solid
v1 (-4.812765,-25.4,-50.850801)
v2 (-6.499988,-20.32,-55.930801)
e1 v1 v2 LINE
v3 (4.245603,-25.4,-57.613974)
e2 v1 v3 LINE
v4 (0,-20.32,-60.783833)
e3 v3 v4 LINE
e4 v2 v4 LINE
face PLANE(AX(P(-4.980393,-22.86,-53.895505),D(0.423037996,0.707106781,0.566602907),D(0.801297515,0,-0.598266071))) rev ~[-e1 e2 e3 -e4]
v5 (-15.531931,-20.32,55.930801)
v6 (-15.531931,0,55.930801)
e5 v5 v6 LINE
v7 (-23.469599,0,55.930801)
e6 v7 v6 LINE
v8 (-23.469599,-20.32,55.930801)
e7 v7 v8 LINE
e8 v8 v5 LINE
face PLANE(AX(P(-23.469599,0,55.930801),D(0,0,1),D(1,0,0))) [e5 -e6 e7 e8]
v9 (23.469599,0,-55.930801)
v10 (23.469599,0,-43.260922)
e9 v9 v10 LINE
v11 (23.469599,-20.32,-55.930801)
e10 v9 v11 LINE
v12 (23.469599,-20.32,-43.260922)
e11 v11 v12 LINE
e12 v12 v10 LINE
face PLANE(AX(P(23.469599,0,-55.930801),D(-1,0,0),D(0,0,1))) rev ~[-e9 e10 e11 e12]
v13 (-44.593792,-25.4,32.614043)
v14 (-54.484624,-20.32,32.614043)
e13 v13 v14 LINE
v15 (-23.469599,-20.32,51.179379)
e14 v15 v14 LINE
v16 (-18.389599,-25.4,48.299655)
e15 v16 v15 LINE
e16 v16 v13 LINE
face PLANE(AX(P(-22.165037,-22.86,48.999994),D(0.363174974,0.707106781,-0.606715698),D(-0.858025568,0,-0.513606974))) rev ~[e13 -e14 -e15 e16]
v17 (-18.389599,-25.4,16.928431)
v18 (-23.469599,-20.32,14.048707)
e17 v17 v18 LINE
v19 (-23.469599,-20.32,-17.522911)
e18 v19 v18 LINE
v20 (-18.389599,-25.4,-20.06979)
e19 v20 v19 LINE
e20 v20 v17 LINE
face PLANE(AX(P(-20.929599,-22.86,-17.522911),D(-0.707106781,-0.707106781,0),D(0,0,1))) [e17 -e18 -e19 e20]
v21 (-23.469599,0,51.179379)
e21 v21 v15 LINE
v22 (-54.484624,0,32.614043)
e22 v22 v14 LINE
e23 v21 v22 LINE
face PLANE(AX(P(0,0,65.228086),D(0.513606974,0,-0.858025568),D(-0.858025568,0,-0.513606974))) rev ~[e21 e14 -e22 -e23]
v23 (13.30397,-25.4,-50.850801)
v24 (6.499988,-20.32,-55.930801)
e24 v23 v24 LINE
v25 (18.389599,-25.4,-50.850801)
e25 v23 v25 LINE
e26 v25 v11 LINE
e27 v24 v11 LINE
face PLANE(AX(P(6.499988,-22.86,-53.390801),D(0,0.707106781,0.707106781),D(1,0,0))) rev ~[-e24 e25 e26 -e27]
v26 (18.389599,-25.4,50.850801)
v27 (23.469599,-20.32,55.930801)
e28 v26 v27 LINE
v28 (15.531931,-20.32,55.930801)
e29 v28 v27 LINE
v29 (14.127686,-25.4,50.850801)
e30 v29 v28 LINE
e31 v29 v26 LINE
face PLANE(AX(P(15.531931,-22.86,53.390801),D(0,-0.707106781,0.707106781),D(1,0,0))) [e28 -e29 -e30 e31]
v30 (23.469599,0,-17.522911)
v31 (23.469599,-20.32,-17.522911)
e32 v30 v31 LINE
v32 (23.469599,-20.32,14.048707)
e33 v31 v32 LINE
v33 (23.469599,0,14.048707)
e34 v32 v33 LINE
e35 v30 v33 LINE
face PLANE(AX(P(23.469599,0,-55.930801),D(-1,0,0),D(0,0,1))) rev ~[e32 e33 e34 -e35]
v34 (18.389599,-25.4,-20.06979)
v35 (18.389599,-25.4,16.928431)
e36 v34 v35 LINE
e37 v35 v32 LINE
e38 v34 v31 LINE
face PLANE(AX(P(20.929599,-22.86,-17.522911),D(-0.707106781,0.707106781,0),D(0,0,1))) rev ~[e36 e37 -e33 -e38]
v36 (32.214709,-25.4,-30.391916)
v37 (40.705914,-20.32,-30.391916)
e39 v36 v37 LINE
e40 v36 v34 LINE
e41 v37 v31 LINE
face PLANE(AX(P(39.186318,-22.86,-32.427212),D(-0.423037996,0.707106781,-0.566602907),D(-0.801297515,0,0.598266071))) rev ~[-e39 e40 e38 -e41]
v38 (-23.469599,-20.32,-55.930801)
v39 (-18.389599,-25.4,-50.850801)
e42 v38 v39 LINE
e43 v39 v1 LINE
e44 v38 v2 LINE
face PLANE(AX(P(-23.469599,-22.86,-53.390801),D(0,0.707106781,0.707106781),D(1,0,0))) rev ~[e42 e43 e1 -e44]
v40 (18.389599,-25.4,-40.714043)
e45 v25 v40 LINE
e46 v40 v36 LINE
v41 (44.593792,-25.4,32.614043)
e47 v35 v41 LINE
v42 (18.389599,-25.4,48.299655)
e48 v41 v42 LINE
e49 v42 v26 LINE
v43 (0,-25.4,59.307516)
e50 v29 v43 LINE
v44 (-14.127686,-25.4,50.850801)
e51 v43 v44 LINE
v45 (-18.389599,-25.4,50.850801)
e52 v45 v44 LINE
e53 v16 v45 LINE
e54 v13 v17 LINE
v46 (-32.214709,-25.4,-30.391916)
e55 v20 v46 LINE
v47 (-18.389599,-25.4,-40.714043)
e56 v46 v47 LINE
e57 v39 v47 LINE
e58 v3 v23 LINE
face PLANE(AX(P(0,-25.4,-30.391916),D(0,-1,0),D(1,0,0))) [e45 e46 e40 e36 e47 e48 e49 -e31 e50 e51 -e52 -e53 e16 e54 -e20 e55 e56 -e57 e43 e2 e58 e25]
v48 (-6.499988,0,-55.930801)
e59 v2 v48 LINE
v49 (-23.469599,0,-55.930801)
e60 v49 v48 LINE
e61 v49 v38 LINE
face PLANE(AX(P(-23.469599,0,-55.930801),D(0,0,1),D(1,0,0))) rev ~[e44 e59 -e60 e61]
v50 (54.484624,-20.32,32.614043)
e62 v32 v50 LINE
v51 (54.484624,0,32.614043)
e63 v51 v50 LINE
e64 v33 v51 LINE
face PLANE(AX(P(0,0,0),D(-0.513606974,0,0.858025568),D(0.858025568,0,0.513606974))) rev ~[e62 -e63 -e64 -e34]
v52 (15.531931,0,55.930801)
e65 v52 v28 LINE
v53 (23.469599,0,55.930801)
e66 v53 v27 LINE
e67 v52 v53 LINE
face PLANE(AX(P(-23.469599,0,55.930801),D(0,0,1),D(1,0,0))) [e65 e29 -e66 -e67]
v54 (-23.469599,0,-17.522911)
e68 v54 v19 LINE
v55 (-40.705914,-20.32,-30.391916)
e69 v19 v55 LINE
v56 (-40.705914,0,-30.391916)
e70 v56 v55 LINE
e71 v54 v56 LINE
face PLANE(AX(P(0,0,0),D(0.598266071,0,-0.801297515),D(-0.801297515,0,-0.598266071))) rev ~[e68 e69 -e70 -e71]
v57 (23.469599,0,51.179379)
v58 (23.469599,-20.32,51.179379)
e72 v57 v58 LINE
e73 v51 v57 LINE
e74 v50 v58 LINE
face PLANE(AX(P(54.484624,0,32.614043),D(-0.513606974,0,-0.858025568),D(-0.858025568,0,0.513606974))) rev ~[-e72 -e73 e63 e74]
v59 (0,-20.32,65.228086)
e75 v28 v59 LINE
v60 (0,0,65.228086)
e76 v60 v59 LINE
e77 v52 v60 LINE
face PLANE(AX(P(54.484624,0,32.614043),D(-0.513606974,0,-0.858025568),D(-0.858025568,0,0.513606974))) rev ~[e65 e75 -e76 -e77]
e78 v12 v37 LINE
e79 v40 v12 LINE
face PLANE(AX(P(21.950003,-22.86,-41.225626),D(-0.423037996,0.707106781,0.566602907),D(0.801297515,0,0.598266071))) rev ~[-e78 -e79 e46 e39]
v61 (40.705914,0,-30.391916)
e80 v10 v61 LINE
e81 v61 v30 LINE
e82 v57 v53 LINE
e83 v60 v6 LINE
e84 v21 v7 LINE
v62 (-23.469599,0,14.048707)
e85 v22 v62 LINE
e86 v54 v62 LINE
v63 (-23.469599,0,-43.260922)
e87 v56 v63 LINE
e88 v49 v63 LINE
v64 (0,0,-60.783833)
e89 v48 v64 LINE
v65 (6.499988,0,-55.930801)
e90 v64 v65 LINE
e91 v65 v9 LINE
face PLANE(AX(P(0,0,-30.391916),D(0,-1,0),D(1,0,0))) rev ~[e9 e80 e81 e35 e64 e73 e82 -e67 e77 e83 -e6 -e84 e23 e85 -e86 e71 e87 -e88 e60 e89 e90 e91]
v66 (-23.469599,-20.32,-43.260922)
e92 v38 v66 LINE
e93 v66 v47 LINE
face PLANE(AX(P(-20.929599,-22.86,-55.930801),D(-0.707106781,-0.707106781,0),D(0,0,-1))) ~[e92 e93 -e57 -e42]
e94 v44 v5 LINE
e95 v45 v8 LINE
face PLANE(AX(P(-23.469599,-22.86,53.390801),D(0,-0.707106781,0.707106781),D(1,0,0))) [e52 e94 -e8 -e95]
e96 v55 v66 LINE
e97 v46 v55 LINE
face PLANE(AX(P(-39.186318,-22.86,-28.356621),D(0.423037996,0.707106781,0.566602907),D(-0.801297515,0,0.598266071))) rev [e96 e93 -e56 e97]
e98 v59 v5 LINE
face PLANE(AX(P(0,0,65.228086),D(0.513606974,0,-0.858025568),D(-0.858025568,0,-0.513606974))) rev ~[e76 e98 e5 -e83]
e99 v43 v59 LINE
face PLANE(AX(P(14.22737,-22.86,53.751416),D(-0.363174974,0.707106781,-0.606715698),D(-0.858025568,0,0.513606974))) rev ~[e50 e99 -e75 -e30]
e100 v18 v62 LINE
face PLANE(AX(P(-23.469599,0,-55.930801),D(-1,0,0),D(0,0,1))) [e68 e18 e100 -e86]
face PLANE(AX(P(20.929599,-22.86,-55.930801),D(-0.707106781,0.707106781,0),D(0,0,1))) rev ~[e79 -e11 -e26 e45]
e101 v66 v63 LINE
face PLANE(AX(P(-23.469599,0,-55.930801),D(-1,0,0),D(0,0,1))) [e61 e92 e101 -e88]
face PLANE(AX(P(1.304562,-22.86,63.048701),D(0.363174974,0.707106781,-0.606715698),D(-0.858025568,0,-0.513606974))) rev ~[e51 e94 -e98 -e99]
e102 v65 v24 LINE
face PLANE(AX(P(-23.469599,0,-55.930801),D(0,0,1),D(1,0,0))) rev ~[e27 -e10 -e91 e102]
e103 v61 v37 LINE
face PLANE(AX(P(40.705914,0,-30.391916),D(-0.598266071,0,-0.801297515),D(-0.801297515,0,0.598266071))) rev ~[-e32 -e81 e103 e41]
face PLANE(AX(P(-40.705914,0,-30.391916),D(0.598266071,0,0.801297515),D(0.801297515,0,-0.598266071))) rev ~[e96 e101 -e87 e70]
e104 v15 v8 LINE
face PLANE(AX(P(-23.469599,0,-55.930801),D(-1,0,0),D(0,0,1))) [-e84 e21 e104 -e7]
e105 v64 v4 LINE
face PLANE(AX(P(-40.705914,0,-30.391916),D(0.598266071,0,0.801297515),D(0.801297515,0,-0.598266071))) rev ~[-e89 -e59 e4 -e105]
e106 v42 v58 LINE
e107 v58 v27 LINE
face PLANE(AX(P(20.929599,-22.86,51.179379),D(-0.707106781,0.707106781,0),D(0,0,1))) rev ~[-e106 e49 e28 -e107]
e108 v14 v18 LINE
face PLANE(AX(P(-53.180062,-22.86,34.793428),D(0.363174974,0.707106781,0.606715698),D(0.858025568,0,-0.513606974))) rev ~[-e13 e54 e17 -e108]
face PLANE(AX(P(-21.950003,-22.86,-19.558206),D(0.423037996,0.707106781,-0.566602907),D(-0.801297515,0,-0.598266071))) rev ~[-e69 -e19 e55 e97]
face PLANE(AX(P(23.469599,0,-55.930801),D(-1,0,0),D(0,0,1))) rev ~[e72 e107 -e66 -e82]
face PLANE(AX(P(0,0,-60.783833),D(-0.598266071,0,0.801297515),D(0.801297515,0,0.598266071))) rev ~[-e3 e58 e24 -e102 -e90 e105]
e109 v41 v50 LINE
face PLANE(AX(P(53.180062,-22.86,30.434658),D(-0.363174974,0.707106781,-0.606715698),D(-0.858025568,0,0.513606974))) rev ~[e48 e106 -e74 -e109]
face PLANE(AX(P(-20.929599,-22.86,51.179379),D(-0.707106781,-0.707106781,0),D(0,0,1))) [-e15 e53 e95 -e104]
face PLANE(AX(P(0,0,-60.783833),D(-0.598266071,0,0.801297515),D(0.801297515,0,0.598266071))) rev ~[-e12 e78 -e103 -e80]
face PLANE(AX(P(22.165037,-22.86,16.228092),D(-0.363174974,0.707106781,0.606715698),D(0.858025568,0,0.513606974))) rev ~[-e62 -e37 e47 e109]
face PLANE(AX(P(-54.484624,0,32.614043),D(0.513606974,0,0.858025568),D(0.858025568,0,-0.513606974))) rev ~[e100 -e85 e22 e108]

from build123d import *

# Parameters (mm, degrees)
F0_W     = 46.9391979277
F0_H     = 111.8616014719
F3_DEPTH = 25.4
F4_DEPTH = 25.4
F5_DEPTH = 25.4
F6_SIZE  = 5.08


with BuildPart() as f3:
    # F0 (on Front) → F3 (new body)
    with BuildSketch(Plane.XZ):
        Rectangle(F0_W, F0_H)
    extrude(amount=F3_DEPTH)

    # F1 (on face) → F4 (join)
    with BuildSketch(Plane.XZ):
        Polygon((-54.4846235865, 32.6140428748), (0, 0), (54.4846235865, 32.6140428748), (0, 65.2280857495), align=None)
    extrude(amount=F4_DEPTH)

    # F2 (on Front) → F5 (join)
    with BuildSketch(Plane.XZ):
        Polygon((-40.705913781, -30.3919164129), (0, -60.7838328259), (40.705913781, -30.3919164129), (0, 0), align=None)
    extrude(amount=F5_DEPTH)

    # F6
    f6_edges = [f3.edges().sort_by_distance(p)[0] for p in [
        (-38.977111, -25.4, 23.331375),
        (-23.469599, -25.4, -1.737102),
        (-32.087756, -25.4, -23.957414),
        (-32.087756, -25.4, -36.826419),
        (-23.469599, -25.4, -49.595861),
        (-14.984794, -25.4, -55.930801),
        (-3.249994, -25.4, -58.357317),
        (14.984794, -25.4, -55.930801),
        (23.469599, -25.4, -49.595861),
        (32.087756, -25.4, -36.826419),
        (32.087756, -25.4, -23.957414),
        (23.469599, -25.4, -1.737102),
        (38.977111, -25.4, 23.331375),
        (38.977111, -25.4, 41.896711),
        (23.469599, -25.4, 53.55509),
        (19.500765, -25.4, 55.930801),
        (7.765966, -25.4, 60.579443),
        (-7.765966, -25.4, 60.579443),
        (-19.500765, -25.4, 55.930801),
        (-23.469599, -25.4, 53.55509),
        (-38.977111, -25.4, 41.896711),
    ]]
    chamfer(f6_edges, length=F6_SIZE)


solid = f3.part
